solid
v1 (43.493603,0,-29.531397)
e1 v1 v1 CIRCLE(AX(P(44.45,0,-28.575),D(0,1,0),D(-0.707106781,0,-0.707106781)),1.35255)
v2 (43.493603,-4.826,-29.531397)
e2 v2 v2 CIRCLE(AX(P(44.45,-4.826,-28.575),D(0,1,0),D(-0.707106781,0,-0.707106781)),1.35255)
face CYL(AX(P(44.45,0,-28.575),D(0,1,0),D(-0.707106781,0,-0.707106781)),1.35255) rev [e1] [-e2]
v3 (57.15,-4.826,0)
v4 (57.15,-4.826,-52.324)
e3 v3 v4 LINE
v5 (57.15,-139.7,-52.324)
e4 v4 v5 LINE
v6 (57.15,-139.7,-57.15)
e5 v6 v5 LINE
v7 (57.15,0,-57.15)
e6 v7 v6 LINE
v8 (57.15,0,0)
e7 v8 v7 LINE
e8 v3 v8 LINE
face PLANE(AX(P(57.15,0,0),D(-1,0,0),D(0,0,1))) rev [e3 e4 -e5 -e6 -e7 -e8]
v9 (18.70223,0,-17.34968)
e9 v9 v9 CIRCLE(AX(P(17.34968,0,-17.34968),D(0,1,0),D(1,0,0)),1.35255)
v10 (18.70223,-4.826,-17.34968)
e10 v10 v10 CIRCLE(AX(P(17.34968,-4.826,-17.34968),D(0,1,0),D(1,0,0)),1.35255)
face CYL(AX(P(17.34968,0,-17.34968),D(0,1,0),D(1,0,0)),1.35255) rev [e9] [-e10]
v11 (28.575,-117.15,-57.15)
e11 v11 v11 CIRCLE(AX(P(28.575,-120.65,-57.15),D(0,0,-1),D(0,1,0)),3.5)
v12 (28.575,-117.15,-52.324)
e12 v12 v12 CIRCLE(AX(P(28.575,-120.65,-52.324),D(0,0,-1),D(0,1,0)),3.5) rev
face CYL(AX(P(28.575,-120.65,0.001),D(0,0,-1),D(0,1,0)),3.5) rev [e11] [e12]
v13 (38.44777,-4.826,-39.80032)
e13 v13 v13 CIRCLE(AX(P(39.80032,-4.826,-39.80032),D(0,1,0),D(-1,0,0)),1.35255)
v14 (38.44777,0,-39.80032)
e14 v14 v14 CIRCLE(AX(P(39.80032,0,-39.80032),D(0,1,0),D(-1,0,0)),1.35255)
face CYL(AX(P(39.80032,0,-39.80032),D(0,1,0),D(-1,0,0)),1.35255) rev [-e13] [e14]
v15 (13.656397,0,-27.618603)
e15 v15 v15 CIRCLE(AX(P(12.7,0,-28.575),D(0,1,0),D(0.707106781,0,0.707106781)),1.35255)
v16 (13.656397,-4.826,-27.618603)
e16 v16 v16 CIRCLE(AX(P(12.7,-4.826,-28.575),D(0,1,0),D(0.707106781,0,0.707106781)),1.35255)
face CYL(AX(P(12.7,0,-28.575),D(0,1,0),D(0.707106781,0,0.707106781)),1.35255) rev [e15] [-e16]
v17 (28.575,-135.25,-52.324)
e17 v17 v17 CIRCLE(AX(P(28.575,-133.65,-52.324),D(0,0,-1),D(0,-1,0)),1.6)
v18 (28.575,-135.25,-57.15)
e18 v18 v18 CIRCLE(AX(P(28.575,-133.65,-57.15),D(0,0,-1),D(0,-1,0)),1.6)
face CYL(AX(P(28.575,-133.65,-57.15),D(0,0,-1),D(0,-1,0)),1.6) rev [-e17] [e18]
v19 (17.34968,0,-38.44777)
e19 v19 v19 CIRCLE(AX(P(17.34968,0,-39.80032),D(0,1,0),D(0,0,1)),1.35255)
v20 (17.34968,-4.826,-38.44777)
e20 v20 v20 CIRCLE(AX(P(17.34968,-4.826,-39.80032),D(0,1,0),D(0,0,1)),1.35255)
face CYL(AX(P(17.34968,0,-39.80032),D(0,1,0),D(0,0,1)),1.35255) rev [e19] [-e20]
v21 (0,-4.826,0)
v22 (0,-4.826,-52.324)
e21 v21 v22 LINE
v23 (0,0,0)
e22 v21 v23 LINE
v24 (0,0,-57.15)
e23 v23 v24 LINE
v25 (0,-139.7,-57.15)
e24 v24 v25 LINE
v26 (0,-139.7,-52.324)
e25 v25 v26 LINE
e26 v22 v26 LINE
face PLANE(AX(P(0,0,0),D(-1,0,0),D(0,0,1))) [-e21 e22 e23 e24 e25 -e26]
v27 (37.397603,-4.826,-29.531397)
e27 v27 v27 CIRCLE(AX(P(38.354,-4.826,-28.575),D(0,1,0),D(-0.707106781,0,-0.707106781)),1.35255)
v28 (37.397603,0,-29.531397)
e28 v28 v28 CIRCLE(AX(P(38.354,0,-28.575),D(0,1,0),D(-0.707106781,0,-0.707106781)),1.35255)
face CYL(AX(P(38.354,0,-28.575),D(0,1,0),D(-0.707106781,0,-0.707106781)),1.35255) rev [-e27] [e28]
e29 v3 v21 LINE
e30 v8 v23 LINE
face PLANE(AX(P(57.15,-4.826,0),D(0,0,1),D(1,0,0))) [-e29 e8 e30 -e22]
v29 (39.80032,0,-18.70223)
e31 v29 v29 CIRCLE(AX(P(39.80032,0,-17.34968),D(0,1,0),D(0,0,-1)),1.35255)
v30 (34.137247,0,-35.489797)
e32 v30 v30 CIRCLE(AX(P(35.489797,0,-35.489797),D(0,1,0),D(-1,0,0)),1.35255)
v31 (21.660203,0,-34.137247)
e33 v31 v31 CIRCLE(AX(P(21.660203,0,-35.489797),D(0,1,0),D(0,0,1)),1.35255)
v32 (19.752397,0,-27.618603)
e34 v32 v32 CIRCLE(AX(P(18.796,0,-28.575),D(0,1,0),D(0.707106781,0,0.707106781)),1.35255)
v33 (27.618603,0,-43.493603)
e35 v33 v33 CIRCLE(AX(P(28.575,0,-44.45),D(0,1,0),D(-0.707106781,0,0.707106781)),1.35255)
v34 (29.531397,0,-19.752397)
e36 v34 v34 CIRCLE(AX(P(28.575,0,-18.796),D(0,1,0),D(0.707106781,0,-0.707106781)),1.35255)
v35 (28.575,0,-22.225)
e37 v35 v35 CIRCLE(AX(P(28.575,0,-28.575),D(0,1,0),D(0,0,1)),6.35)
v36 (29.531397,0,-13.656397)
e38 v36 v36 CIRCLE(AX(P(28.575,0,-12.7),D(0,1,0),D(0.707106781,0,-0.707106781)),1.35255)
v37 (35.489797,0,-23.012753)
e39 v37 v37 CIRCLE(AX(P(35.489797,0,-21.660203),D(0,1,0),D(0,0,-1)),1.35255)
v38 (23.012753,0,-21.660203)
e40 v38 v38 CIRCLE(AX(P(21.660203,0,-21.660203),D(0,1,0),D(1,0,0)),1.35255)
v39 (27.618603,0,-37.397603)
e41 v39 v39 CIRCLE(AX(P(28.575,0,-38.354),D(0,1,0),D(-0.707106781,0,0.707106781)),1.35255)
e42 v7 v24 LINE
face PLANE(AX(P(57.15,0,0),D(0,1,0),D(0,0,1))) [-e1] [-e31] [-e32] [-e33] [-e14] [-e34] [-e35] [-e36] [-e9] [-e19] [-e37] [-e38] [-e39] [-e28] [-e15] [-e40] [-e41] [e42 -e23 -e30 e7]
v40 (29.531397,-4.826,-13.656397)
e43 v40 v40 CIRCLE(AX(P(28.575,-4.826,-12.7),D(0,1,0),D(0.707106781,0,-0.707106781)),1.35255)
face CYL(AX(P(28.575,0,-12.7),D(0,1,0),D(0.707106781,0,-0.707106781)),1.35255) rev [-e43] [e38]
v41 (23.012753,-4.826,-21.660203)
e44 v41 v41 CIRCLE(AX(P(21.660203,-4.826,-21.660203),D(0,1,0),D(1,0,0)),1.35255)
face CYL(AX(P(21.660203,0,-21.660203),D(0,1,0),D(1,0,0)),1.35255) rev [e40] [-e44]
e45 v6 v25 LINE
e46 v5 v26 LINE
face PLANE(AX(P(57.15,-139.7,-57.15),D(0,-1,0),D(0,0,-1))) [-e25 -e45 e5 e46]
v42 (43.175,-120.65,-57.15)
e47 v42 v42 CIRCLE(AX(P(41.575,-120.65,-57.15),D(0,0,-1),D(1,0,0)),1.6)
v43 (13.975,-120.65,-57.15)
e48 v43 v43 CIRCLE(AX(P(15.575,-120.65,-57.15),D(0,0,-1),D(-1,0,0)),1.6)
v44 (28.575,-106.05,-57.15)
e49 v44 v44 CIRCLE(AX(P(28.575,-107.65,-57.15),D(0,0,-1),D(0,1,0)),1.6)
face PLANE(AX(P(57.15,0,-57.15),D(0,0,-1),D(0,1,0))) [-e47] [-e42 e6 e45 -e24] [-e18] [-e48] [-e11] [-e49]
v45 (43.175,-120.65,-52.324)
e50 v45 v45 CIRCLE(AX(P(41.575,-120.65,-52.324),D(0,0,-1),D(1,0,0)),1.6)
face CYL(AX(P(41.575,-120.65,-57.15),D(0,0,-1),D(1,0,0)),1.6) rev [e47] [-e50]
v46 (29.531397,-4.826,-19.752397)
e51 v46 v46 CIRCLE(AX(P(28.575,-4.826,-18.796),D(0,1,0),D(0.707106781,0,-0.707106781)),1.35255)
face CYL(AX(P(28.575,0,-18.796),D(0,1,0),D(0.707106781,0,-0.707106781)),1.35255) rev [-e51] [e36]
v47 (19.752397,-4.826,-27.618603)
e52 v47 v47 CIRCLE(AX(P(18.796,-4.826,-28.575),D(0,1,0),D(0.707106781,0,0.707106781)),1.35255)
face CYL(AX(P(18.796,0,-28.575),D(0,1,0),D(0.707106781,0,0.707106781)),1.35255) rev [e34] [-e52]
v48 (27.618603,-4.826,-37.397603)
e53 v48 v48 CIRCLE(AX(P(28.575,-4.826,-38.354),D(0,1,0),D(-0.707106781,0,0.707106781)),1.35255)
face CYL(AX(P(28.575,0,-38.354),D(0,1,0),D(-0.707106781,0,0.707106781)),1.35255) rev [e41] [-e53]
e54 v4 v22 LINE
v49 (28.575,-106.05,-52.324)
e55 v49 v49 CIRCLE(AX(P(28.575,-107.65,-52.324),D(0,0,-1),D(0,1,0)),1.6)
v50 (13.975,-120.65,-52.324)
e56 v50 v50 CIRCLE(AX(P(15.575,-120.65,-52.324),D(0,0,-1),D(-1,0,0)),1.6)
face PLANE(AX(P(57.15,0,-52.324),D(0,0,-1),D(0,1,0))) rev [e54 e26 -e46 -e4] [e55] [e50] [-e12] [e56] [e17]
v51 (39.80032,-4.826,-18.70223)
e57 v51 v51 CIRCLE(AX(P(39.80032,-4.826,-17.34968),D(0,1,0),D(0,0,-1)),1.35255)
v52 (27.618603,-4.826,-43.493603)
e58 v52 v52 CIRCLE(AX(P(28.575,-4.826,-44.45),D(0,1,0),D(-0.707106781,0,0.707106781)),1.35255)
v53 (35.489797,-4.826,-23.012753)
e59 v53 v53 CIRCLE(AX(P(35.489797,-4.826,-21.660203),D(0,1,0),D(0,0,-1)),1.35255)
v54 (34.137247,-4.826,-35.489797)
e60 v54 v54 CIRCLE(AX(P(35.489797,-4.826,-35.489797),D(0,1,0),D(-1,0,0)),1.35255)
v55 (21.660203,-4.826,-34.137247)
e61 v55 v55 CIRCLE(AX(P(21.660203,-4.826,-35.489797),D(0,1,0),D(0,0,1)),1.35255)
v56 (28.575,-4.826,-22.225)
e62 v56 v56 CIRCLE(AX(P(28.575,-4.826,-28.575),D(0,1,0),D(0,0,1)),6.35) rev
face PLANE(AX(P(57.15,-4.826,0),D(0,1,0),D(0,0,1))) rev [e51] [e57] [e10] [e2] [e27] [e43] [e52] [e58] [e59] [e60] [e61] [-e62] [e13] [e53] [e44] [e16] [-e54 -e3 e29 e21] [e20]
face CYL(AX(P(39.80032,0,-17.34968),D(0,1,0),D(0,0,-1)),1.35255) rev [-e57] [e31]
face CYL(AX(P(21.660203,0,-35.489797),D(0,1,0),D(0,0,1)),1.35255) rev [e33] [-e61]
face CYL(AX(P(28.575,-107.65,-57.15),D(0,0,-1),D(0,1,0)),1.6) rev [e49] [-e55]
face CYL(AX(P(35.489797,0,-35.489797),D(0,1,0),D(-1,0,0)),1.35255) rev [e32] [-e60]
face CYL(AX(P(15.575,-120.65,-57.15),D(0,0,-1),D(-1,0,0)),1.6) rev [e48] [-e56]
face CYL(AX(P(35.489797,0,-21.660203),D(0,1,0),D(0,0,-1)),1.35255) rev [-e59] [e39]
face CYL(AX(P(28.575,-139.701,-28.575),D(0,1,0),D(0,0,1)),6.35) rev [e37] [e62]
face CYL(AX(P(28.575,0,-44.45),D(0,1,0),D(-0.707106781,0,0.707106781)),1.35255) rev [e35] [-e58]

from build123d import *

# Parameters (mm, degrees)
EXTRUDE_THIN1_DEPTH             = 57.15
M2_5_CLEARANCE_HOLE1_AT_2_COUNT = 2
M2_5_CLEARANCE_HOLE1_AT_2_PITCH = 6.096
CUT_EXTRUDE1_REACH              = 141.7
SKETCH2_R                       = 6.35
CIRPATTERN1_COUNT               = 8
CUT_EXTRUDE2_REACH              = 59.15
SKETCH5_R                       = 3.5
CIRPATTERN2_COUNT               = 4


with BuildPart() as part:
    # Sketch1 → Extrude-Thin1 (new body)
    with BuildSketch(Plane(origin=(0, 0, 0), x_dir=(0, 0, -1), z_dir=(1, 0, 0))):
        Polygon((0, 0), (57.15, 0), (57.15, -139.7), (52.324, -139.7), (52.324, -4.826), (0, -4.826), align=None)
    extrude(amount=EXTRUDE_THIN1_DEPTH)

    # Sketch4 → M2.5 Clearance Hole1 (revolve, cut)
    with BuildSketch(Plane(origin=(17.349679849, 0, -39.800320151), x_dir=(0, 0, 1), z_dir=(1, 0, 0))):
        Polygon((0, 0), (0, 5.89269403), (1.35255, 5.08), (1.35255, 0), align=None)
    m2_5_clearance_hole1 = revolve(axis=Axis((17.349679849, 6.35, -39.800320151), (0, -1, 0)), mode=Mode.SUBTRACT)

    # M2.5 Clearance Hole1 at 2: M2.5 Clearance Hole1 ×2
    with Locations(*[Vector(0.707106781, 0, 0.707106781) * (i * M2_5_CLEARANCE_HOLE1_AT_2_PITCH) for i in range(1, M2_5_CLEARANCE_HOLE1_AT_2_COUNT)]):
        add(m2_5_clearance_hole1, mode=Mode.SUBTRACT)

    # Sketch2 → Cut-Extrude1 (cut, up to next)
    with BuildSketch(Plane(origin=(0, 0, 0), x_dir=(1, 0, 0), z_dir=(0, 1, 0)), mode=Mode.PRIVATE) as cut_extrude1_sk1:
        with Locations((28.575, 28.575)):
            Circle(SKETCH2_R)
    cut_extrude1_tool1 = extrude(cut_extrude1_sk1.sketch, amount=-CUT_EXTRUDE1_REACH, mode=Mode.PRIVATE) & part.part
    add(cut_extrude1_tool1.solids().sort_by_distance((28.575, 0, -28.575))[0], mode=Mode.SUBTRACT)

    # CirPattern1: M2.5 Clearance Hole1 ×8 about axis
    cirpattern1_axis = Axis((28.575, 0, -28.575), (0, 1, 0))
    for i in range(1, CIRPATTERN1_COUNT):
        add(m2_5_clearance_hole1.rotate(cirpattern1_axis, i * 360 / CIRPATTERN1_COUNT), mode=Mode.SUBTRACT)

    # CirPattern1 copy 1 sketch → CirPattern1 copy 1 (revolve, cut)
    with BuildSketch(Plane(origin=(18.796, 0, -28.575), x_dir=(0.707106781, 0, 0.707106781), z_dir=(0.707106781, 0, -0.707106781))):
        Polygon((0, 0), (0, 5.89269403), (1.35255, 5.08), (1.35255, 0), align=None)
    revolve(axis=Axis((18.796, 6.35, -28.575), (0, -1, 0)), mode=Mode.SUBTRACT)

    # CirPattern1 copy 2 sketch → CirPattern1 copy 2 (revolve, cut)
    with BuildSketch(Plane(origin=(21.660202787, 0, -21.660202787), x_dir=(1, 0, 0), z_dir=(0, 0, -1))):
        Polygon((0, 0), (0, 5.89269403), (1.35255, 5.08), (1.35255, 0), align=None)
    revolve(axis=Axis((21.660202787, 6.35, -21.660202787), (0, -1, 0)), mode=Mode.SUBTRACT)

    # CirPattern1 copy 3 sketch → CirPattern1 copy 3 (revolve, cut)
    with BuildSketch(Plane(origin=(28.575, 0, -18.796), x_dir=(0.707106781, 0, -0.707106781), z_dir=(-0.707106781, 0, -0.707106781))):
        Polygon((0, 0), (0, 5.89269403), (1.35255, 5.08), (1.35255, 0), align=None)
    revolve(axis=Axis((28.575, 6.35, -18.796), (0, -1, 0)), mode=Mode.SUBTRACT)

    # CirPattern1 copy 4 sketch → CirPattern1 copy 4 (revolve, cut)
    with BuildSketch(Plane(origin=(35.489797213, 0, -21.660202787), x_dir=(0, 0, -1), z_dir=(-1, 0, 0))):
        Polygon((0, 0), (0, 5.89269403), (1.35255, 5.08), (1.35255, 0), align=None)
    revolve(axis=Axis((35.489797213, 6.35, -21.660202787), (0, -1, 0)), mode=Mode.SUBTRACT)

    # CirPattern1 copy 5 sketch → CirPattern1 copy 5 (revolve, cut)
    with BuildSketch(Plane(origin=(38.354, 0, -28.575), x_dir=(-0.707106781, 0, -0.707106781), z_dir=(-0.707106781, 0, 0.707106781))):
        Polygon((0, 0), (0, 5.89269403), (1.35255, 5.08), (1.35255, 0), align=None)
    revolve(axis=Axis((38.354, 6.35, -28.575), (0, -1, 0)), mode=Mode.SUBTRACT)

    # CirPattern1 copy 6 sketch → CirPattern1 copy 6 (revolve, cut)
    with BuildSketch(Plane(origin=(35.489797213, 0, -35.489797213), x_dir=(-1, 0, 0), z_dir=(0, 0, 1))):
        Polygon((0, 0), (0, 5.89269403), (1.35255, 5.08), (1.35255, 0), align=None)
    revolve(axis=Axis((35.489797213, 6.35, -35.489797213), (0, -1, 0)), mode=Mode.SUBTRACT)

    # CirPattern1 copy 7 sketch → CirPattern1 copy 7 (revolve, cut)
    with BuildSketch(Plane(origin=(28.575, 0, -38.354), x_dir=(-0.707106781, 0, 0.707106781), z_dir=(0.707106781, 0, 0.707106781))):
        Polygon((0, 0), (0, 5.89269403), (1.35255, 5.08), (1.35255, 0), align=None)
    revolve(axis=Axis((28.575, 6.35, -38.354), (0, -1, 0)), mode=Mode.SUBTRACT)

    # Sketch5 → Cut-Extrude2 (cut, up to next)
    with BuildSketch(Plane(origin=(0, 0, -57.15), x_dir=(-1, 0, 0), z_dir=(0, 0, -1)), mode=Mode.PRIVATE) as cut_extrude2_sk1:
        with Locations((-28.575, -120.65)):
            Circle(SKETCH5_R)
    cut_extrude2_tool1 = extrude(cut_extrude2_sk1.sketch, amount=-CUT_EXTRUDE2_REACH, mode=Mode.PRIVATE) & part.part
    add(cut_extrude2_tool1.solids().sort_by_distance((28.575, -120.65, -57.15))[0], mode=Mode.SUBTRACT)

    # Sketch7 → M3 Clearance Hole1 (revolve, cut)
    with BuildSketch(Plane(origin=(28.575, -107.65, -57.15), x_dir=(0, 1, 0), z_dir=(1, 0, 0))):
        Polygon((0, 0), (0, 6.04137699), (1.6, 5.08), (1.6, 0), align=None)
    m3_clearance_hole1 = revolve(axis=Axis((28.575, -107.65, -63.5), (0, 0, 1)), mode=Mode.SUBTRACT)

    # CirPattern2: M3 Clearance Hole1 ×4 about axis
    cirpattern2_axis = Axis((28.575, -120.65, 0), (0, 0, 1))
    for i in range(1, CIRPATTERN2_COUNT):
        add(m3_clearance_hole1.rotate(cirpattern2_axis, i * 360 / CIRPATTERN2_COUNT), mode=Mode.SUBTRACT)


solid = part.part
